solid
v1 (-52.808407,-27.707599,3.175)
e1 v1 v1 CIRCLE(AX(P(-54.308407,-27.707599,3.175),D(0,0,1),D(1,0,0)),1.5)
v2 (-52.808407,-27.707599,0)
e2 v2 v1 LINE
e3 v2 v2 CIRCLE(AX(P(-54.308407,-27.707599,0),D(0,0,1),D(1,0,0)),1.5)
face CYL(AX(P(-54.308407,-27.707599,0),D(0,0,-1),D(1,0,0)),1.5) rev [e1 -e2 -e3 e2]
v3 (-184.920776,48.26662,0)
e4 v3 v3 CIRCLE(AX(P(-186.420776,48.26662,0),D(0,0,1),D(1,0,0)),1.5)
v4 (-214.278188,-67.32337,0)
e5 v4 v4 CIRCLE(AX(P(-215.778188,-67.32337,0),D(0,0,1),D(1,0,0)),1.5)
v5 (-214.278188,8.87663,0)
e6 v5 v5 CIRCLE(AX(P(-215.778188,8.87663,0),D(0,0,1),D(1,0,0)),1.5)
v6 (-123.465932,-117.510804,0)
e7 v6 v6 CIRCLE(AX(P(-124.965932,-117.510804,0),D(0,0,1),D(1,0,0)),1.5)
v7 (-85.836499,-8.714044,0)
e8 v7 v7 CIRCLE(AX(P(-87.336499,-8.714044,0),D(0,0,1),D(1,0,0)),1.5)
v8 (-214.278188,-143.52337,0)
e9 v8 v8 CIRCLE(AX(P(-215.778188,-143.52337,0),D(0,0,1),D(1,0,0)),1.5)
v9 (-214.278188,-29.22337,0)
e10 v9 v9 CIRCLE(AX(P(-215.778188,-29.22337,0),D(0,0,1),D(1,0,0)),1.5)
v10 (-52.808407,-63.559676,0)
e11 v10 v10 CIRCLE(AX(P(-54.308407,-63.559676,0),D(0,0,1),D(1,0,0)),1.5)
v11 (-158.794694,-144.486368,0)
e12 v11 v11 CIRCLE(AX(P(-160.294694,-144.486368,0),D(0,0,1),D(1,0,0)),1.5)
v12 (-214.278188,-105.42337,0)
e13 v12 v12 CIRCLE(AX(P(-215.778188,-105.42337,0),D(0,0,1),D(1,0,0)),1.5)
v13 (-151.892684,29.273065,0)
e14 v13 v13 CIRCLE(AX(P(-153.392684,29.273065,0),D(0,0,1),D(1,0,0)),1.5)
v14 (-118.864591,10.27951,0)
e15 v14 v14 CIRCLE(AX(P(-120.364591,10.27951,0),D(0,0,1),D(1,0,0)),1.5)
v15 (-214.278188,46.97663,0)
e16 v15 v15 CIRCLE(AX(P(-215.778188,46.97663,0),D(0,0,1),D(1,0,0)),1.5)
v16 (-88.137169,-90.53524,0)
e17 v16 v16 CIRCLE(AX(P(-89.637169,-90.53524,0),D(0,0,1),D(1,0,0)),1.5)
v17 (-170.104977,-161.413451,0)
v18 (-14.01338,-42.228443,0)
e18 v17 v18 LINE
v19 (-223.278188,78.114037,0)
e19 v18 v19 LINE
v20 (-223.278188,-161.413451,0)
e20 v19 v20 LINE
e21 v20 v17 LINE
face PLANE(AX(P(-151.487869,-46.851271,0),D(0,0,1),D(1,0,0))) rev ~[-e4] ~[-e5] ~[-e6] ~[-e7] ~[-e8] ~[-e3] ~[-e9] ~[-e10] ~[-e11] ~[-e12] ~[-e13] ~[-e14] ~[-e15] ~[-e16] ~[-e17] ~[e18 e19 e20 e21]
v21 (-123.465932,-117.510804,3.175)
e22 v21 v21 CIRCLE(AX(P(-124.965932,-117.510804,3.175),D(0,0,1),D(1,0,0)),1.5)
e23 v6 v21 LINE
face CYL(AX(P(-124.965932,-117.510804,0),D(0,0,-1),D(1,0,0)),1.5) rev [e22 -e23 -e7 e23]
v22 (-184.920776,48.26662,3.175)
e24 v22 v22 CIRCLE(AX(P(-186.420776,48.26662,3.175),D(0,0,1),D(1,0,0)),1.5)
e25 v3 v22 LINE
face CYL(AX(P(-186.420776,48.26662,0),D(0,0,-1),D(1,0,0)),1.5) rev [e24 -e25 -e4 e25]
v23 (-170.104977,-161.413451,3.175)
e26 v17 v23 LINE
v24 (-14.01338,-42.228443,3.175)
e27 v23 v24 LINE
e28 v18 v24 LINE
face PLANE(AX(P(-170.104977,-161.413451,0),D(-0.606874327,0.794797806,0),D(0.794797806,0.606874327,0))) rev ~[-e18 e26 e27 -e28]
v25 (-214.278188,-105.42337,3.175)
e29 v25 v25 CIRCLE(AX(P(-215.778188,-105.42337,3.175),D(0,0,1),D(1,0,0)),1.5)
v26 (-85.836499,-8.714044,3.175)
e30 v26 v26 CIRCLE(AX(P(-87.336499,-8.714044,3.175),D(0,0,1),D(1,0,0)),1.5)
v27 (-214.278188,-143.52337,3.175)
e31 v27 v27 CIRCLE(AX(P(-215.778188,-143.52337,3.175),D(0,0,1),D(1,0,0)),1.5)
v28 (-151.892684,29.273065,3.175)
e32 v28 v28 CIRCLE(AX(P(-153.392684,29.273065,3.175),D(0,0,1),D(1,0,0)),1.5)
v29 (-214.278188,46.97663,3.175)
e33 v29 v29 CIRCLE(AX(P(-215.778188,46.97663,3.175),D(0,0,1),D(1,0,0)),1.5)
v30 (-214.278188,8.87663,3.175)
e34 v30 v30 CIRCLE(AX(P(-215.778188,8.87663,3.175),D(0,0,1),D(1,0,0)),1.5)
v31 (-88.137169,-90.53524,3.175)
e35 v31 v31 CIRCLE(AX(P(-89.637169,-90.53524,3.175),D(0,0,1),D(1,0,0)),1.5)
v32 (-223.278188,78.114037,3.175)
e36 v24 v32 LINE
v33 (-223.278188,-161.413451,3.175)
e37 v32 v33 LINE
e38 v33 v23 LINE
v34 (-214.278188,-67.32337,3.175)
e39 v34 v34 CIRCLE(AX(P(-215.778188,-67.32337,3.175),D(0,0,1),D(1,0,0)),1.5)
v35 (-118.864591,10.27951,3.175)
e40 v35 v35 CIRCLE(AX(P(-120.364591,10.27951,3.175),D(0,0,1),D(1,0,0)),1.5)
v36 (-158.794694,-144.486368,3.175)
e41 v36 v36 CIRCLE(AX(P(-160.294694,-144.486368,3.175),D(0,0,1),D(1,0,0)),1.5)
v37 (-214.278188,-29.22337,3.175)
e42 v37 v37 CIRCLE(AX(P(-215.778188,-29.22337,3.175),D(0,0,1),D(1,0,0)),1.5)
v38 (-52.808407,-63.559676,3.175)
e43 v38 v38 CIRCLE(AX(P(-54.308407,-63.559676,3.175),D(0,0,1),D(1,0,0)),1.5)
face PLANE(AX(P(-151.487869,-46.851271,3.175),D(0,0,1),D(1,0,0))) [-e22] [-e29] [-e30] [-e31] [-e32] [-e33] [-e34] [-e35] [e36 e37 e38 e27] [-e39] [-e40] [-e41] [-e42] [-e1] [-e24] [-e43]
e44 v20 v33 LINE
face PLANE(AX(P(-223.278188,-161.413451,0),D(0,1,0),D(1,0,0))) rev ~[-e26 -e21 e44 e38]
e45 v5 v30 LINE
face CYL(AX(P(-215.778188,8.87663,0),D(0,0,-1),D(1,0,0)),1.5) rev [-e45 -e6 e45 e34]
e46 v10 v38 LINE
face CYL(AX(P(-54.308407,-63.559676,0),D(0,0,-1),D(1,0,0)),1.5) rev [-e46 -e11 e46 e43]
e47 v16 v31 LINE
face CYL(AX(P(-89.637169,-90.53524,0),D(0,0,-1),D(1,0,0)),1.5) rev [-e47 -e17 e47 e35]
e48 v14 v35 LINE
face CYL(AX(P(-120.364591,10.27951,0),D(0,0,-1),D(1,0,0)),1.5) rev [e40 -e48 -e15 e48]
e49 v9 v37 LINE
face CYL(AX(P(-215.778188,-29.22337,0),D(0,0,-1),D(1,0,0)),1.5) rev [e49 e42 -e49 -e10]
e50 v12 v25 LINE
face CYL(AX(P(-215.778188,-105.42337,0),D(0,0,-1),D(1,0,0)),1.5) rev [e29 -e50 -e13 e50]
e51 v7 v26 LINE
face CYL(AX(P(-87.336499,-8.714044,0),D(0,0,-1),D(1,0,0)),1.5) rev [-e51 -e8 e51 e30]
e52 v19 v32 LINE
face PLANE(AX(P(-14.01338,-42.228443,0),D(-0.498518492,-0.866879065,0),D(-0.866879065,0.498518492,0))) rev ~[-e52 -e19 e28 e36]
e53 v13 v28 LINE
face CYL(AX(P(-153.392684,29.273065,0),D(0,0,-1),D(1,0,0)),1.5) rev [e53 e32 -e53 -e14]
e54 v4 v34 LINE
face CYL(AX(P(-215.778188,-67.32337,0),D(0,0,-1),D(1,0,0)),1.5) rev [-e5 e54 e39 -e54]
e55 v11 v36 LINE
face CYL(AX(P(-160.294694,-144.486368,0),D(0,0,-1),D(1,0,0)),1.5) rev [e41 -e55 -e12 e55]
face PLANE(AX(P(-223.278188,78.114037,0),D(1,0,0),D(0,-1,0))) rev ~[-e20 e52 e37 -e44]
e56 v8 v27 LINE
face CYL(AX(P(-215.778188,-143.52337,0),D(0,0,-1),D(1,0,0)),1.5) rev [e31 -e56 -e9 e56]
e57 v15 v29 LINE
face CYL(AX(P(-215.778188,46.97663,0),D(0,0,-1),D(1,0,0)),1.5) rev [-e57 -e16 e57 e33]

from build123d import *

# Parameters (mm, degrees)
F4_DEPTH = 3.175
F3_R     = 1.5
F5_DEPTH = 3.175


with BuildPart() as f4:
    # F2 (on face) → F4 (new body)
    with BuildSketch(Plane.XY):
        Polygon((-14.01338, -42.228443), (-223.278188, 78.114037), (-223.278188, -161.413451), (-170.104977, -161.413451), align=None)
    extrude(amount=F4_DEPTH)

    # F3 (on Top) → F5 (cut)
    with BuildSketch(Plane.XY):
        with Locations((-160.294694, -144.486368)):
            Circle(F3_R)
        with Locations((-124.965932, -117.510804)):
            Circle(F3_R)
        with Locations((-89.637169, -90.53524)):
            Circle(F3_R)
        with Locations((-54.308407, -63.559676)):
            Circle(F3_R)
        with Locations((-54.308407, -27.707599)):
            Circle(F3_R)
        with Locations((-87.336499, -8.714044)):
            Circle(F3_R)
        with Locations((-120.364591, 10.27951)):
            Circle(F3_R)
        with Locations((-153.392684, 29.273065)):
            Circle(F3_R)
        with Locations((-215.778188, -143.52337)):
            Circle(F3_R)
        with Locations((-215.778188, -105.42337)):
            Circle(F3_R)
        with Locations((-215.778188, -67.32337)):
            Circle(F3_R)
        with Locations((-215.778188, -29.22337)):
            Circle(F3_R)
        with Locations((-215.778188, 46.97663)):
            Circle(F3_R)
        with Locations((-186.420776, 48.26662)):
            Circle(F3_R)
        with Locations((-215.778188, 8.87663)):
            Circle(F3_R)
    extrude(amount=F5_DEPTH, mode=Mode.SUBTRACT)


solid = f4.part
